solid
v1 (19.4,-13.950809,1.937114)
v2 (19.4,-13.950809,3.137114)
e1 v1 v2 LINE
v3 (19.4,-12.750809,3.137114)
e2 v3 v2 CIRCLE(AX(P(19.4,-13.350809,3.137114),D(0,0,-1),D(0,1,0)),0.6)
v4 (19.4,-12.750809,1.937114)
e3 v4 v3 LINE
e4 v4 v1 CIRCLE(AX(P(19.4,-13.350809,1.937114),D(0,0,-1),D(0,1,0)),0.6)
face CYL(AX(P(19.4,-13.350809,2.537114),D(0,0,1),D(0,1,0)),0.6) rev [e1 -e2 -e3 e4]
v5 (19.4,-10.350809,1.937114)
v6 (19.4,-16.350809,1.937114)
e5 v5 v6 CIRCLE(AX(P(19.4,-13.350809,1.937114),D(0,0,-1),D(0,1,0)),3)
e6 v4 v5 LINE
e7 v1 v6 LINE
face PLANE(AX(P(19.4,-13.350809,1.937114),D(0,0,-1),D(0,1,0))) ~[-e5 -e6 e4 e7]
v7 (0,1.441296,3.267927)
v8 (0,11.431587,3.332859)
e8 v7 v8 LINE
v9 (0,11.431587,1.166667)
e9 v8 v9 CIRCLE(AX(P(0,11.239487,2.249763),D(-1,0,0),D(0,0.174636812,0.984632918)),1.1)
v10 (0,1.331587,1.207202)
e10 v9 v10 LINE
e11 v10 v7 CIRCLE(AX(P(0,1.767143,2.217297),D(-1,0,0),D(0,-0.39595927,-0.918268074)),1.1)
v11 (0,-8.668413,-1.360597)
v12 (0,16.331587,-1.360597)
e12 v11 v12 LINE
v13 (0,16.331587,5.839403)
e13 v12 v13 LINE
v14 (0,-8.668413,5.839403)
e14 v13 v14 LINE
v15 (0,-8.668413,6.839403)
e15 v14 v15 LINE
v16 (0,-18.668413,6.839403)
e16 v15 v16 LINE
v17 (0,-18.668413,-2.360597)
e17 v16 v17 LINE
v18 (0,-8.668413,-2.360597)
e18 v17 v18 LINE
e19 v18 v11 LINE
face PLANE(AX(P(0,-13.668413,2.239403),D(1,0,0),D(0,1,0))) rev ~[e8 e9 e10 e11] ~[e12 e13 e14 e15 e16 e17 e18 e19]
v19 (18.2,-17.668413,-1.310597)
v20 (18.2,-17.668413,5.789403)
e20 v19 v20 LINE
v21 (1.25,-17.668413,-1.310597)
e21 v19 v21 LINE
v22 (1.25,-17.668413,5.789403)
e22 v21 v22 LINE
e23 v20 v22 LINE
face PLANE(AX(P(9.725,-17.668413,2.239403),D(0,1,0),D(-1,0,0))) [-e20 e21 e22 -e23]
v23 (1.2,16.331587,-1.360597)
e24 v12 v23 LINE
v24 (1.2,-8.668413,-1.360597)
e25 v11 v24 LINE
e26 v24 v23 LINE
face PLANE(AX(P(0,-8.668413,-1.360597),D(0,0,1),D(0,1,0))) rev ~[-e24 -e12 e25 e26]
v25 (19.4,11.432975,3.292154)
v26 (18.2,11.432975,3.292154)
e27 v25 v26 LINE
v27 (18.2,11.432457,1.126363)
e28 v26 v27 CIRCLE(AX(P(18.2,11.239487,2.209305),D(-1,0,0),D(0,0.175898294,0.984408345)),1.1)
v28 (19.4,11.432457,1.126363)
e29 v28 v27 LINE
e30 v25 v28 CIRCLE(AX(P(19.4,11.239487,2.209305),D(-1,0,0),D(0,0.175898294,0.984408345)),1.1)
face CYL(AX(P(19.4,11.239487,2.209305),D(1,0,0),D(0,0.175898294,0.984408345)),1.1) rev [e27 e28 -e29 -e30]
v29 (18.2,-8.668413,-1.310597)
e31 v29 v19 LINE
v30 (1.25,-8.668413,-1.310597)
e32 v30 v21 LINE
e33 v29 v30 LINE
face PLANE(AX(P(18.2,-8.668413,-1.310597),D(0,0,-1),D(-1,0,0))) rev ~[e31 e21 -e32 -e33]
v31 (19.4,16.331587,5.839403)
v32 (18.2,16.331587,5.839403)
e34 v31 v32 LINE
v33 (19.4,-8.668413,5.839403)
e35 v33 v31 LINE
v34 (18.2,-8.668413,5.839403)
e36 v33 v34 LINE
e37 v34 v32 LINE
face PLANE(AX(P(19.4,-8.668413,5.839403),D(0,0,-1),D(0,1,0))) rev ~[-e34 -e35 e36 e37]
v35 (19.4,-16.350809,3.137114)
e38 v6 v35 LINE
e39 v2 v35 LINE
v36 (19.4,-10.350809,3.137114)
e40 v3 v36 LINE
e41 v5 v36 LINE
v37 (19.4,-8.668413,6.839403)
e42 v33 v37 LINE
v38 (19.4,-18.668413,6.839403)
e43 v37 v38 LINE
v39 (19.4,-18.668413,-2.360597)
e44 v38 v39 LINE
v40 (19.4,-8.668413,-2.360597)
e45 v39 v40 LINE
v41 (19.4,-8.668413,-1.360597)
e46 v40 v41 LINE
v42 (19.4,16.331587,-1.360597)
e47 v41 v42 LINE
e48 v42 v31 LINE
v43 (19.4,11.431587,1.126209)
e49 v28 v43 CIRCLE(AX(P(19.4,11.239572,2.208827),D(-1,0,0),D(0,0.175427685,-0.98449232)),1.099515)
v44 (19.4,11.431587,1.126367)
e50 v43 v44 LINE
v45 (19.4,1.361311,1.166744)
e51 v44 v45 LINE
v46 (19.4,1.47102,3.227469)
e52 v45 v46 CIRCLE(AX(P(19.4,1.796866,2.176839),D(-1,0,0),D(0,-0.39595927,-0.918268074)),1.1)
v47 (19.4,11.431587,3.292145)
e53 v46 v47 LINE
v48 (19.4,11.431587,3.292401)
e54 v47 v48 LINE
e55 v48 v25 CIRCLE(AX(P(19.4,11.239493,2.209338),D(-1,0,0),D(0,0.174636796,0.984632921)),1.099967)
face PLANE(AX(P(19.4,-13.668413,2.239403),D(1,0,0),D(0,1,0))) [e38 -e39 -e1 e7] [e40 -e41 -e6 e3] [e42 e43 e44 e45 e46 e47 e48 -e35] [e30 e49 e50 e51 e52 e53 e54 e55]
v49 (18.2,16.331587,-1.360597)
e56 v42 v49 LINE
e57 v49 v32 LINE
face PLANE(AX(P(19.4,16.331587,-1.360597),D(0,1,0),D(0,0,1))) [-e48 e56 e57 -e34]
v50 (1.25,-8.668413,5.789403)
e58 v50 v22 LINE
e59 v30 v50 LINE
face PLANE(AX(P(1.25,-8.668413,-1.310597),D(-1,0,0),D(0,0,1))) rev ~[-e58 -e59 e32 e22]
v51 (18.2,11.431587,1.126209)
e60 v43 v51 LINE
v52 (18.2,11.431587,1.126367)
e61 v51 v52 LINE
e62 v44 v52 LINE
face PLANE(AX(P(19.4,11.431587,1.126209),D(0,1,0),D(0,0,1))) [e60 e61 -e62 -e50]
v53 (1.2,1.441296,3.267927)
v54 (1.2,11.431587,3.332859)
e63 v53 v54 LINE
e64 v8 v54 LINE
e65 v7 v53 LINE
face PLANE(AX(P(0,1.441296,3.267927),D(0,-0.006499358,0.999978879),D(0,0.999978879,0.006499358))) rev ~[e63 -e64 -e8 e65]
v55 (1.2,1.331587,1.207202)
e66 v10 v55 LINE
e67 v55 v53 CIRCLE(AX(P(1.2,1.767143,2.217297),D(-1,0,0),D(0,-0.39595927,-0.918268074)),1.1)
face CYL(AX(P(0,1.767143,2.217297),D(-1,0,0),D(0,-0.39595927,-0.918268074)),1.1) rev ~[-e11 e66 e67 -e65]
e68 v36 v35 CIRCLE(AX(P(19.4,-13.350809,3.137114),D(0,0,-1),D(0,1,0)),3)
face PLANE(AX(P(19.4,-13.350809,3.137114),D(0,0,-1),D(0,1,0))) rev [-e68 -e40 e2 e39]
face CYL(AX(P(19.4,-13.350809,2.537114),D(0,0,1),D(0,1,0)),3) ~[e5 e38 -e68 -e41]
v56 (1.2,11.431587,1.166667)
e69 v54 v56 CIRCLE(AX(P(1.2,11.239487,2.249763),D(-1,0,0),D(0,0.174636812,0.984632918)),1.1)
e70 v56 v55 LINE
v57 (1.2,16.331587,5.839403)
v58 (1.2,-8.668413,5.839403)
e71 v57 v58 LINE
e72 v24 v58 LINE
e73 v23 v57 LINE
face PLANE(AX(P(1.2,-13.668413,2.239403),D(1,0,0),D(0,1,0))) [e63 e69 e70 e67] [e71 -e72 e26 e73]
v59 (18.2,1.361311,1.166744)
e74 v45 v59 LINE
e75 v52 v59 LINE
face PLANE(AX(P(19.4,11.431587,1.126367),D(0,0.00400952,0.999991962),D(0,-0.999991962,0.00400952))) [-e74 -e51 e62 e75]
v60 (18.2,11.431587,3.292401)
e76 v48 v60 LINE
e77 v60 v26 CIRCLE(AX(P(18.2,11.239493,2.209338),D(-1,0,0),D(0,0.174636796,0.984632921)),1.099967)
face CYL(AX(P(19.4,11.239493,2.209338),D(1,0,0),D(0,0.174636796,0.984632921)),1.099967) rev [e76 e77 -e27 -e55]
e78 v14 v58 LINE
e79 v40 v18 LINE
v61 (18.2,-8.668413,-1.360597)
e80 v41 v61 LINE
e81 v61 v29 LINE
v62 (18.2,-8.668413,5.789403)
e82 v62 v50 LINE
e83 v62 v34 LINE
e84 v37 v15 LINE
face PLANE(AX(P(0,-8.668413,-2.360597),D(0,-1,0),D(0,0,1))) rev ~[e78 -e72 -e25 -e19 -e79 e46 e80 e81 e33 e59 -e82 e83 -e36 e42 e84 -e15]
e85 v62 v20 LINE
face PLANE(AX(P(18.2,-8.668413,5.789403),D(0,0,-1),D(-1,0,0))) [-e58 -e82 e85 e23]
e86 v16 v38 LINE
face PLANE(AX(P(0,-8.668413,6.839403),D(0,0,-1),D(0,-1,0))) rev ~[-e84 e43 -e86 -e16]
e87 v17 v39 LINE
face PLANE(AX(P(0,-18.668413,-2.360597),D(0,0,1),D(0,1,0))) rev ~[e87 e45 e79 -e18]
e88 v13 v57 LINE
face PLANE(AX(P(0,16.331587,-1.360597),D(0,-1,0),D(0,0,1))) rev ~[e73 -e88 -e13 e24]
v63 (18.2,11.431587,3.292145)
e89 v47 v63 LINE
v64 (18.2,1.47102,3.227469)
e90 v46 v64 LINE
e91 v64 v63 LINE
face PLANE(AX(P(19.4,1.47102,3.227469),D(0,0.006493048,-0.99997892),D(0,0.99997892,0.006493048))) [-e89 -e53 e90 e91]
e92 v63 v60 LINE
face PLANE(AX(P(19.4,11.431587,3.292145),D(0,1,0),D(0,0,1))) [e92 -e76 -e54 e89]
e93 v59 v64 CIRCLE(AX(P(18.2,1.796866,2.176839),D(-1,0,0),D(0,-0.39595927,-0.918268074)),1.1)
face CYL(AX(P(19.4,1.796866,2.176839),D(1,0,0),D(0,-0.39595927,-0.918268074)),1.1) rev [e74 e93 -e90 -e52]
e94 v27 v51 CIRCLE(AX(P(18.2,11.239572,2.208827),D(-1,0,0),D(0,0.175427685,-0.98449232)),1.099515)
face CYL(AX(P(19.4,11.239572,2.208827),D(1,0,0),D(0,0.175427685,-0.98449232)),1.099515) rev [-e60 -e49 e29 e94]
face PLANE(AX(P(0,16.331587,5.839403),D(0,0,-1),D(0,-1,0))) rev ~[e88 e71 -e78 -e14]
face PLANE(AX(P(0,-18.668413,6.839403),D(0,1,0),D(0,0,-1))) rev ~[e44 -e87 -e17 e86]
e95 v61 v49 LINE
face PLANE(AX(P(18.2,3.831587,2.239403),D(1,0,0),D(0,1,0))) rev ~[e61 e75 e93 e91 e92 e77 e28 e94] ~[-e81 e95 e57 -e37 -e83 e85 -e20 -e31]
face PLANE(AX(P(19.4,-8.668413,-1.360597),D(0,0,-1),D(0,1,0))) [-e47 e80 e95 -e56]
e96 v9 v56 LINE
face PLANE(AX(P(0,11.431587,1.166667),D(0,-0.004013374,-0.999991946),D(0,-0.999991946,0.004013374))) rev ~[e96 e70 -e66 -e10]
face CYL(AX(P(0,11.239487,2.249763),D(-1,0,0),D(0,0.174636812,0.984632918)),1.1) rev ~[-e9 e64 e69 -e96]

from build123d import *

# Parameters (mm, degrees)
F1_DEPTH = 19.4
F2_DEPTH = 1.2
F3_W     = 25
F3_H     = 7.2
F4_DEPTH = 1.2
F5_W     = 16.95
F5_H     = 7.1
F6_DEPTH = 9
F7_W     = 2.4
F7_H     = 1.2
F8_ANGLE = 180


with BuildPart() as f1:
    # F0 (on Right) → F1 (new body)
    with BuildSketch(Plane.YZ):
        Polygon((-8.6684125125, 6.8394026556), (-18.6684125125, 6.8394026556), (-18.6684125125, -2.3605973444), (-8.6684125125, -2.3605973444), (-8.6684125125, -1.3605973444), (-8.6684125125, 2.2394026556), (-8.6684125125, 5.8394026556), align=None)
    extrude(amount=F1_DEPTH)

    # F0 (on Right) → F2 (join)
    with BuildSketch(Plane.YZ):
        Polygon((-8.6684125125, 6.8394026556), (-18.6684125125, 6.8394026556), (-18.6684125125, -2.3605973444), (-8.6684125125, -2.3605973444), (-8.6684125125, -1.3605973444), (-8.6684125125, 2.2394026556), (-8.6684125125, 5.8394026556), align=None)
        Polygon((16.3315874875, 5.8394026556), (-8.6684125125, 5.8394026556), (-8.6684125125, 2.2394026556), (-8.6684125125, -1.3605973444), (16.3315874875, -1.3605973444), align=None)
        with BuildLine():
            ThreePointArc((1.3315874875, 1.2072022274), (0.6686982275, 2.2757759463), (1.4412960947, 3.267927396))
            Line((1.4412960947, 3.267927396), (11.4315874875, 3.3328592428))
            ThreePointArc((11.4315874875, 3.3328592428), (12.3394869948, 2.2497630325), (11.4315874875, 1.1666668222))
            Line((11.4315874875, 1.1666668222), (1.3315874875, 1.2072022274))
        make_face(mode=Mode.SUBTRACT)
    extrude(amount=F2_DEPTH)

    # F3 (on face) → F4 (join)
    with BuildSketch(Plane.YZ.offset(19.4)):
        with Locations((3.8315874875, 2.2394026556)):
            Rectangle(F3_W, F3_H)
        with BuildLine():
            ThreePointArc((1.3613110944, 1.1667440413), (0.6984218344, 2.2353177601), (1.4710197016, 3.2274692099))
            Line((1.4710197016, 3.2274692099), (11.4315874875, 3.292145016))
            Line((11.4315874875, 3.292145016), (11.4315874875, 3.2924010566))
            ThreePointArc((11.4315874875, 3.2924010566), (11.4322813424, 3.2922777636), (11.4329751181, 3.2921540261))
            ThreePointArc((11.4329751181, 3.2921540261), (12.3394869633, 2.2090418078), (11.4324572213, 1.1263632544))
            ThreePointArc((11.4324572213, 1.1263632544), (11.4320223699, 1.1262858579), (11.4315874875, 1.1262086361))
            Line((11.4315874875, 1.1262086361), (11.4315874875, 1.1263667416))
            Line((11.4315874875, 1.1263667416), (1.3613110944, 1.1667440413))
        make_face(mode=Mode.SUBTRACT)
    extrude(amount=-F4_DEPTH)

    # F5 (on face) → F6 (cut)
    with BuildSketch(Plane(origin=(0, -8.6684125125, 0), x_dir=(-1, 0, 0), z_dir=(0, 1, 0))):
        with Locations((-9.725, 2.2394026556)):
            Rectangle(F5_W, F5_H)
    extrude(amount=-F6_DEPTH, mode=Mode.SUBTRACT)

    # F7 (on face) → F8 (revolve)
    with BuildSketch(Plane.YZ.offset(19.4)):
        with Locations((-11.550808993, 2.5371138187)):
            Rectangle(F7_W, F7_H)
    revolve(axis=Axis((19.4, -13.350808993, 2.5371138187), (0, 0, -1)), revolution_arc=F8_ANGLE)


solid = f1.part
